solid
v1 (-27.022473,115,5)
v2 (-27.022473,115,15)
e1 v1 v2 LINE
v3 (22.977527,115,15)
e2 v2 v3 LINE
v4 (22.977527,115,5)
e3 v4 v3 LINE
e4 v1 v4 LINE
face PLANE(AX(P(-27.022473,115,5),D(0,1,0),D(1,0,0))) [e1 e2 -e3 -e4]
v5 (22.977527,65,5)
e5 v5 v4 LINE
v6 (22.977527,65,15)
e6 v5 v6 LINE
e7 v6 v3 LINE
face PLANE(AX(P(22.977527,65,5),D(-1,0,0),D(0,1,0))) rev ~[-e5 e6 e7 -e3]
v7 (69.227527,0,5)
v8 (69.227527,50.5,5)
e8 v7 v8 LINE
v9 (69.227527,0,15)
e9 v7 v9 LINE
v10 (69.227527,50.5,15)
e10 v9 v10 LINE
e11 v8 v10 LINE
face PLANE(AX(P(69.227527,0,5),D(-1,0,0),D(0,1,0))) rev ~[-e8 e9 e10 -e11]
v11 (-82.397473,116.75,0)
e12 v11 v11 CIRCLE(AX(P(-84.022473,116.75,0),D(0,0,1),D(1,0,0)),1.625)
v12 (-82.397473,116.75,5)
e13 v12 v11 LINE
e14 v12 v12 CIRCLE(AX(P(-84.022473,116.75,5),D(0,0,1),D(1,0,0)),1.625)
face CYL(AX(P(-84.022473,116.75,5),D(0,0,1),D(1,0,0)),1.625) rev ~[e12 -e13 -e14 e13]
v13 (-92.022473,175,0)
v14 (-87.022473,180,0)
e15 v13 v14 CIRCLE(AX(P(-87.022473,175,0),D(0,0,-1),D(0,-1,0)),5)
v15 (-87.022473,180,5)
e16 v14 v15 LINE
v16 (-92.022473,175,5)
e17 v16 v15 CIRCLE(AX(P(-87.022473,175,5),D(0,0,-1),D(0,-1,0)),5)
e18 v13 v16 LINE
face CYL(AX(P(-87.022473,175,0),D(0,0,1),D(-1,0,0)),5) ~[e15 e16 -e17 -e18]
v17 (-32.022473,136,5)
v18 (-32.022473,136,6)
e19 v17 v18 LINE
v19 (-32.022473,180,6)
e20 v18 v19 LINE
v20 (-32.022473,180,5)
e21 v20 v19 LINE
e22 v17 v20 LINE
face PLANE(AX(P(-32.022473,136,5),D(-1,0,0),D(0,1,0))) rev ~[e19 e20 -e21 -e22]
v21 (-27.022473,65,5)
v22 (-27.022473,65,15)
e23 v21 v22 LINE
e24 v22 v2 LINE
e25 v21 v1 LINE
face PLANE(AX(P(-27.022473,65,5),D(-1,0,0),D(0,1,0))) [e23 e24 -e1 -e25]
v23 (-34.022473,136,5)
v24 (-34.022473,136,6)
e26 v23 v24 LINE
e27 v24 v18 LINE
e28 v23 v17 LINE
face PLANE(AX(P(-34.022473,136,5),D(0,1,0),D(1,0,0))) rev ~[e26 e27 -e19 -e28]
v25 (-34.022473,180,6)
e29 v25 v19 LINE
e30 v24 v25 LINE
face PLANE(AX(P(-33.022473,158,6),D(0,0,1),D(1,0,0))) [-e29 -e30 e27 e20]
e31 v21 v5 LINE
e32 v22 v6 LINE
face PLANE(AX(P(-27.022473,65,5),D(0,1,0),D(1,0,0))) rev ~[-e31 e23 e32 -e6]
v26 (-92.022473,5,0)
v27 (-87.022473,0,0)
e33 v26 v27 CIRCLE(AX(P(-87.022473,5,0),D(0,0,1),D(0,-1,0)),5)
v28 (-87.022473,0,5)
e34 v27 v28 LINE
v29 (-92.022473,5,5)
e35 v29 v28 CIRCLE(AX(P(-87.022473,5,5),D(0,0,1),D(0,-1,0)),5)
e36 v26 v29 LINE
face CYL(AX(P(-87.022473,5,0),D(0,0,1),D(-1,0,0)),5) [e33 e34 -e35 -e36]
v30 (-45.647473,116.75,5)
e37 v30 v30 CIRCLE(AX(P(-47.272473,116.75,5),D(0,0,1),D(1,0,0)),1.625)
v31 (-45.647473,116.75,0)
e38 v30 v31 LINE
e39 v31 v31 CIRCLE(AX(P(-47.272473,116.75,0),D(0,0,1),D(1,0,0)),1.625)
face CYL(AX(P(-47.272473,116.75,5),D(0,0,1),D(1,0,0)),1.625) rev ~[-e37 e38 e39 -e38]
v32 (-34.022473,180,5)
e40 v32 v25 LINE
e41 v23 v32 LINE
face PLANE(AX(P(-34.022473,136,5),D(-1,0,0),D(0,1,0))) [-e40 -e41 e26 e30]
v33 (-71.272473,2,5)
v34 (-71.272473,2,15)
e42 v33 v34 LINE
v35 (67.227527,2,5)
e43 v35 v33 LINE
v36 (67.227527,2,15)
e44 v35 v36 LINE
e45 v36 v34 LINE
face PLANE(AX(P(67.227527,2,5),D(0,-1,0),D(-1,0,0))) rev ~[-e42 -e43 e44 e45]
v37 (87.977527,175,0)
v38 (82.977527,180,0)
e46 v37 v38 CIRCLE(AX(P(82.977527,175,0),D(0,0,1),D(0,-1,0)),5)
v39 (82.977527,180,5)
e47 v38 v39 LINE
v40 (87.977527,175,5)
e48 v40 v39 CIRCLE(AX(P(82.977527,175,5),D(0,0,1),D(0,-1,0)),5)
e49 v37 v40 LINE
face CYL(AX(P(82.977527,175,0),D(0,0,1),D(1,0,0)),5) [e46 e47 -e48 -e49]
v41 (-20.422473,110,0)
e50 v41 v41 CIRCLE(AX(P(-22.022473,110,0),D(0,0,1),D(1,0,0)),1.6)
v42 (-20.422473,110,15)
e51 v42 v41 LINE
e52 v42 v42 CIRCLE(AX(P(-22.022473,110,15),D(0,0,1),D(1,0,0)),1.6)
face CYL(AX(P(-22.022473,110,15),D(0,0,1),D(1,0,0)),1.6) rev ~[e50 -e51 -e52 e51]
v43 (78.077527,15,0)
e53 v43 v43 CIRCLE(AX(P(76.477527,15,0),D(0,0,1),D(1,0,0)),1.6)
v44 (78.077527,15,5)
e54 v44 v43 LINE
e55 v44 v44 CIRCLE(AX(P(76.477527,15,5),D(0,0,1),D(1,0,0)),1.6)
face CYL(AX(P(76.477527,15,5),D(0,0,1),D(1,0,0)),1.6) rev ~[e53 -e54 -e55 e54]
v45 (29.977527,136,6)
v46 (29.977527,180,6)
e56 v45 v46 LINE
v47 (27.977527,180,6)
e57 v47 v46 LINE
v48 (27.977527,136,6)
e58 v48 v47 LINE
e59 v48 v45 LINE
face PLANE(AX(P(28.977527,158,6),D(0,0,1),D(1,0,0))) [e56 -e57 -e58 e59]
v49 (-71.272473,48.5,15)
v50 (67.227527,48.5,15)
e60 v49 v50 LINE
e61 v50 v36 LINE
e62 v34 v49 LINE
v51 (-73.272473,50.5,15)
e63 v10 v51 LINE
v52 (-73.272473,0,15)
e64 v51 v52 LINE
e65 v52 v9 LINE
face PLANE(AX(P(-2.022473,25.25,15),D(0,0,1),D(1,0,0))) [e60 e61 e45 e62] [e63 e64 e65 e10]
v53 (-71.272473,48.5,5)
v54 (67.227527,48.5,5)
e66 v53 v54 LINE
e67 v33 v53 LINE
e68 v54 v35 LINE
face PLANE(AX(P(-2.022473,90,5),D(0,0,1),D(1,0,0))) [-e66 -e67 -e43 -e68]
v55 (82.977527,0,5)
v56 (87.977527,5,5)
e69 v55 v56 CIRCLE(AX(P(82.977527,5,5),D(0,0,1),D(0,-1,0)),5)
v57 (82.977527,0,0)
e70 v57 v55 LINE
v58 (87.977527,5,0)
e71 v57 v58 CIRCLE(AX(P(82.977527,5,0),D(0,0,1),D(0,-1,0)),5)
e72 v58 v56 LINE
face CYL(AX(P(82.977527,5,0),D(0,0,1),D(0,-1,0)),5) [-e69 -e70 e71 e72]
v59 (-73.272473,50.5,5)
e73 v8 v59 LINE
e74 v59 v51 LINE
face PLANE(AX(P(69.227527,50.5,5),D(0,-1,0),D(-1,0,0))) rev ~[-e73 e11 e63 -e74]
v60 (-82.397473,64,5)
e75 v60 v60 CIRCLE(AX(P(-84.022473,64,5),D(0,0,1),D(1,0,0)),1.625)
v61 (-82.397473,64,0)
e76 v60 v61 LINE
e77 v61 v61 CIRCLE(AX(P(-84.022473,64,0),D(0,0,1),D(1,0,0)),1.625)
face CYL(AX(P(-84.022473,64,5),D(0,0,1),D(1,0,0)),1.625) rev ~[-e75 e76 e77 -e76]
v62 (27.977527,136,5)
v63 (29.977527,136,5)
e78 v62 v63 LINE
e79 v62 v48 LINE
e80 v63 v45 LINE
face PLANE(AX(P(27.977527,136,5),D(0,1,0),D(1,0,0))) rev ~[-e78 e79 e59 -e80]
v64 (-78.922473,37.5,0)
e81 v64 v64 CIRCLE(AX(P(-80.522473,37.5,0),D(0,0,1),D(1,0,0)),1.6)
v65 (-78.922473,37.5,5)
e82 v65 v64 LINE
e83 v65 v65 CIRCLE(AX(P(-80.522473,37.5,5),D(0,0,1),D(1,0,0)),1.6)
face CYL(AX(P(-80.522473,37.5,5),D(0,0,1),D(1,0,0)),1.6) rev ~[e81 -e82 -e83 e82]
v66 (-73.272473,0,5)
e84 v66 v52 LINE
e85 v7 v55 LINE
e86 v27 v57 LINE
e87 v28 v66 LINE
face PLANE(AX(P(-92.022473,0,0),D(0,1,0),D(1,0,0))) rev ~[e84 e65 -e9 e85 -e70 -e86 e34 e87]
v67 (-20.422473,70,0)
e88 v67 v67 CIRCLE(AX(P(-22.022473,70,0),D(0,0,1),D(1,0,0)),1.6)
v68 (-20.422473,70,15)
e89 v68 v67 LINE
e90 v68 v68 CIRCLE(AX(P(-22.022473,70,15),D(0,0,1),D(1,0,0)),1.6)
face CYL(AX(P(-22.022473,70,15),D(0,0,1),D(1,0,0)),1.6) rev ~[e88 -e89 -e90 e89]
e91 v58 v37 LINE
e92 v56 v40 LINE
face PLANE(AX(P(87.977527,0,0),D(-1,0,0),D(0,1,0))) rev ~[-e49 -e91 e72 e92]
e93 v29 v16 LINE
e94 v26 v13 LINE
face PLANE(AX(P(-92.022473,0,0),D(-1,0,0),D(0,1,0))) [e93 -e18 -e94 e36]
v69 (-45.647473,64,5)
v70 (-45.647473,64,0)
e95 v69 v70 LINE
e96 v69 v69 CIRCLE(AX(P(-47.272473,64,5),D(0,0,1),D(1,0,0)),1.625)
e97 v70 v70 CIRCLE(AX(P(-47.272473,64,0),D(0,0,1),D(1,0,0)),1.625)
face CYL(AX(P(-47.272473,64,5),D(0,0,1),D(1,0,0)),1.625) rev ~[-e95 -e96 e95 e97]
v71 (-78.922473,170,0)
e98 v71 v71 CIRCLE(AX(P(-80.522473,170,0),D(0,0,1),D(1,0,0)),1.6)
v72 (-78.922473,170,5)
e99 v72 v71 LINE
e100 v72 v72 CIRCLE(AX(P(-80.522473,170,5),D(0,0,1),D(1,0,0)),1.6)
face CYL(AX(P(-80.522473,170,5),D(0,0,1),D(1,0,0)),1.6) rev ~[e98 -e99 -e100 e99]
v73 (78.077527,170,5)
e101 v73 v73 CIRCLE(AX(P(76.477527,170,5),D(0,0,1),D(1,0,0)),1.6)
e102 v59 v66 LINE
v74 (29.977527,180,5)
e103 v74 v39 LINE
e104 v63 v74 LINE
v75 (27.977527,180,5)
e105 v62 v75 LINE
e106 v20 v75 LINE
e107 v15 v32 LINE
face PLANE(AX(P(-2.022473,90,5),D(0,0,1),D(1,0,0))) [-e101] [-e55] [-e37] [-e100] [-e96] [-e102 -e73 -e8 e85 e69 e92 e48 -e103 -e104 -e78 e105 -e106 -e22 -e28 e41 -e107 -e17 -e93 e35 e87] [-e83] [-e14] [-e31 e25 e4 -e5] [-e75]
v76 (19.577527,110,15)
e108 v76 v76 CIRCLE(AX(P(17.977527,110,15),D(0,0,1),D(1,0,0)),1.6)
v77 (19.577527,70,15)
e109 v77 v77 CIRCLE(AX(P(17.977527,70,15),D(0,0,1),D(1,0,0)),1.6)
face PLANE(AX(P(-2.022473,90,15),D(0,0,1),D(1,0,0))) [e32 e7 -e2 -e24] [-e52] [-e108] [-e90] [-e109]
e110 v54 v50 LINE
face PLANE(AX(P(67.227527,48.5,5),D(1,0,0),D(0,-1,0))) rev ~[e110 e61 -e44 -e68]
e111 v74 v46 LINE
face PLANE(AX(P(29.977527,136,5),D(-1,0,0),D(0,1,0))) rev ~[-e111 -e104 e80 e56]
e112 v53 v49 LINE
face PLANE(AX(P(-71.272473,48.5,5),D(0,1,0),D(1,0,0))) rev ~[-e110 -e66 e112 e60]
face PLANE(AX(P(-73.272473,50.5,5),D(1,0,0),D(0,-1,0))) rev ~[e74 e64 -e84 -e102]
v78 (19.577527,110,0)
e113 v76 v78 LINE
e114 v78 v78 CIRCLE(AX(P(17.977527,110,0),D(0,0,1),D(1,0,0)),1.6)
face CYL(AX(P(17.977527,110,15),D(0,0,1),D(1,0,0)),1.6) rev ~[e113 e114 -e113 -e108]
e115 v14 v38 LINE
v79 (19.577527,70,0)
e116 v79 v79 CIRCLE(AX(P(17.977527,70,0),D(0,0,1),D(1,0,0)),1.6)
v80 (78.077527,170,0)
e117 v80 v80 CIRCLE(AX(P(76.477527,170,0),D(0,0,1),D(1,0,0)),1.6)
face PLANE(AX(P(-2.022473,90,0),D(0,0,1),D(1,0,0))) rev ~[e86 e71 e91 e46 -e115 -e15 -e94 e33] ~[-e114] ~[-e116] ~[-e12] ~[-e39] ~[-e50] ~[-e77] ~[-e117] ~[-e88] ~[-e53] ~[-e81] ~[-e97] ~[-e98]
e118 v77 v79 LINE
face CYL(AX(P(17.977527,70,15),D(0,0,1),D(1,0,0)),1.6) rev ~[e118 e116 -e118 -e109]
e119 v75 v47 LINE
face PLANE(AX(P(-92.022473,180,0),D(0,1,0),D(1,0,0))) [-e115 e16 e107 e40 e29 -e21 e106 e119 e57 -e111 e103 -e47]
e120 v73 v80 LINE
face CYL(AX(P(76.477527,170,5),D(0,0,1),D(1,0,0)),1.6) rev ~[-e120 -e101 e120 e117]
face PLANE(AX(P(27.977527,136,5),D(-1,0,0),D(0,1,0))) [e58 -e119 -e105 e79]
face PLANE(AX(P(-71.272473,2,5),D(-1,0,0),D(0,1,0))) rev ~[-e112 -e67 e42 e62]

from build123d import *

# Parameters (mm, degrees)
F0_W      = 180
F0_H      = 180
F1_DEPTH  = 5
F2_R      = 5
F3_R      = 1.6
F4_DEPTH  = 5
F5_R      = 1.625
F6_DEPTH  = 5
F7_W      = 50
F7_H      = 50
F8_DEPTH  = 10
F11_DEPTH = 10
F9_R      = 1.6
F12_DEPTH = 25
F13_W     = 2
F13_H     = 44
F14_DEPTH = 1


with BuildPart() as f1:
    # F0 (on Top) → F1 (new body)
    with BuildSketch(Plane.XY):
        with Locations((-2.0224731235, 90)):
            Rectangle(F0_W, F0_H)
    extrude(amount=F1_DEPTH)

    # F2
    f2_edges = [f1.edges().sort_by_distance(p)[0] for p in [
        (87.977527, 0, 2.5),
        (-92.022473, 180, 2.5),
        (-92.022473, 0, 2.5),
        (87.977527, 180, 2.5),
    ]]
    fillet(f2_edges, radius=F2_R)

    # F3 (on face) → F4 (cut)
    with BuildSketch(Plane.XY.offset(5)):
        with Locations((-80.5224731235, 170)):
            Circle(F3_R)
        with Locations((76.4775268765, 170)):
            Circle(F3_R)
        with Locations((76.4775268765, 15)):
            Circle(F3_R)
        with Locations((-80.5224731235, 37.5)):
            Circle(F3_R)
    extrude(amount=-F4_DEPTH, mode=Mode.SUBTRACT)

    # F5 (on face) → F6 (cut)
    with BuildSketch(Plane.XY.offset(5)):
        with Locations((-84.0224731235, 64)):
            Circle(F5_R)
        with Locations((-84.0224731235, 116.75)):
            Circle(F5_R)
        with Locations((-47.2724731235, 64)):
            Circle(F5_R)
        with Locations((-47.2724731235, 116.75)):
            Circle(F5_R)
    extrude(amount=-F6_DEPTH, mode=Mode.SUBTRACT)

    # F7 (on face) → F8 (join)
    with BuildSketch(Plane.XY.offset(5)):
        with Locations((-2.0224731235, 90)):
            Rectangle(F7_W, F7_H)
    extrude(amount=F8_DEPTH)

    # F10 (on face) → F11 (join)
    with BuildSketch(Plane.XY.offset(5)):
        Polygon((69.2275268765, 50.5), (-2.0224731235, 50.5), (-73.2724731235, 50.5), (-73.2724731235, 0), (69.2275268765, 0), align=None)
        Polygon((-71.2724731235, 48.5), (-2.0224731235, 48.5), (67.2275268765, 48.5), (67.2275268765, 2), (-71.2724731235, 2), align=None, mode=Mode.SUBTRACT)
    extrude(amount=F11_DEPTH)

    # F9 (on face) → F12 (cut)
    with BuildSketch(Plane.XY.offset(15)):
        with Locations((-22.0224731235, 70)):
            Circle(F9_R)
        with Locations((17.9775268765, 70)):
            Circle(F9_R)
        with Locations((17.9775268765, 110)):
            Circle(F9_R)
        with Locations((-22.0224731235, 110)):
            Circle(F9_R)
    extrude(amount=-F12_DEPTH, mode=Mode.SUBTRACT)

    # F13 (on face) → F14 (join)
    with BuildSketch(Plane.XY.offset(5)):
        with Locations((-33.0224731235, 158)):
            Rectangle(F13_W, F13_H)
        with Locations((28.9775268765, 158)):
            Rectangle(F13_W, F13_H)
    extrude(amount=F14_DEPTH)


solid = f1.part
